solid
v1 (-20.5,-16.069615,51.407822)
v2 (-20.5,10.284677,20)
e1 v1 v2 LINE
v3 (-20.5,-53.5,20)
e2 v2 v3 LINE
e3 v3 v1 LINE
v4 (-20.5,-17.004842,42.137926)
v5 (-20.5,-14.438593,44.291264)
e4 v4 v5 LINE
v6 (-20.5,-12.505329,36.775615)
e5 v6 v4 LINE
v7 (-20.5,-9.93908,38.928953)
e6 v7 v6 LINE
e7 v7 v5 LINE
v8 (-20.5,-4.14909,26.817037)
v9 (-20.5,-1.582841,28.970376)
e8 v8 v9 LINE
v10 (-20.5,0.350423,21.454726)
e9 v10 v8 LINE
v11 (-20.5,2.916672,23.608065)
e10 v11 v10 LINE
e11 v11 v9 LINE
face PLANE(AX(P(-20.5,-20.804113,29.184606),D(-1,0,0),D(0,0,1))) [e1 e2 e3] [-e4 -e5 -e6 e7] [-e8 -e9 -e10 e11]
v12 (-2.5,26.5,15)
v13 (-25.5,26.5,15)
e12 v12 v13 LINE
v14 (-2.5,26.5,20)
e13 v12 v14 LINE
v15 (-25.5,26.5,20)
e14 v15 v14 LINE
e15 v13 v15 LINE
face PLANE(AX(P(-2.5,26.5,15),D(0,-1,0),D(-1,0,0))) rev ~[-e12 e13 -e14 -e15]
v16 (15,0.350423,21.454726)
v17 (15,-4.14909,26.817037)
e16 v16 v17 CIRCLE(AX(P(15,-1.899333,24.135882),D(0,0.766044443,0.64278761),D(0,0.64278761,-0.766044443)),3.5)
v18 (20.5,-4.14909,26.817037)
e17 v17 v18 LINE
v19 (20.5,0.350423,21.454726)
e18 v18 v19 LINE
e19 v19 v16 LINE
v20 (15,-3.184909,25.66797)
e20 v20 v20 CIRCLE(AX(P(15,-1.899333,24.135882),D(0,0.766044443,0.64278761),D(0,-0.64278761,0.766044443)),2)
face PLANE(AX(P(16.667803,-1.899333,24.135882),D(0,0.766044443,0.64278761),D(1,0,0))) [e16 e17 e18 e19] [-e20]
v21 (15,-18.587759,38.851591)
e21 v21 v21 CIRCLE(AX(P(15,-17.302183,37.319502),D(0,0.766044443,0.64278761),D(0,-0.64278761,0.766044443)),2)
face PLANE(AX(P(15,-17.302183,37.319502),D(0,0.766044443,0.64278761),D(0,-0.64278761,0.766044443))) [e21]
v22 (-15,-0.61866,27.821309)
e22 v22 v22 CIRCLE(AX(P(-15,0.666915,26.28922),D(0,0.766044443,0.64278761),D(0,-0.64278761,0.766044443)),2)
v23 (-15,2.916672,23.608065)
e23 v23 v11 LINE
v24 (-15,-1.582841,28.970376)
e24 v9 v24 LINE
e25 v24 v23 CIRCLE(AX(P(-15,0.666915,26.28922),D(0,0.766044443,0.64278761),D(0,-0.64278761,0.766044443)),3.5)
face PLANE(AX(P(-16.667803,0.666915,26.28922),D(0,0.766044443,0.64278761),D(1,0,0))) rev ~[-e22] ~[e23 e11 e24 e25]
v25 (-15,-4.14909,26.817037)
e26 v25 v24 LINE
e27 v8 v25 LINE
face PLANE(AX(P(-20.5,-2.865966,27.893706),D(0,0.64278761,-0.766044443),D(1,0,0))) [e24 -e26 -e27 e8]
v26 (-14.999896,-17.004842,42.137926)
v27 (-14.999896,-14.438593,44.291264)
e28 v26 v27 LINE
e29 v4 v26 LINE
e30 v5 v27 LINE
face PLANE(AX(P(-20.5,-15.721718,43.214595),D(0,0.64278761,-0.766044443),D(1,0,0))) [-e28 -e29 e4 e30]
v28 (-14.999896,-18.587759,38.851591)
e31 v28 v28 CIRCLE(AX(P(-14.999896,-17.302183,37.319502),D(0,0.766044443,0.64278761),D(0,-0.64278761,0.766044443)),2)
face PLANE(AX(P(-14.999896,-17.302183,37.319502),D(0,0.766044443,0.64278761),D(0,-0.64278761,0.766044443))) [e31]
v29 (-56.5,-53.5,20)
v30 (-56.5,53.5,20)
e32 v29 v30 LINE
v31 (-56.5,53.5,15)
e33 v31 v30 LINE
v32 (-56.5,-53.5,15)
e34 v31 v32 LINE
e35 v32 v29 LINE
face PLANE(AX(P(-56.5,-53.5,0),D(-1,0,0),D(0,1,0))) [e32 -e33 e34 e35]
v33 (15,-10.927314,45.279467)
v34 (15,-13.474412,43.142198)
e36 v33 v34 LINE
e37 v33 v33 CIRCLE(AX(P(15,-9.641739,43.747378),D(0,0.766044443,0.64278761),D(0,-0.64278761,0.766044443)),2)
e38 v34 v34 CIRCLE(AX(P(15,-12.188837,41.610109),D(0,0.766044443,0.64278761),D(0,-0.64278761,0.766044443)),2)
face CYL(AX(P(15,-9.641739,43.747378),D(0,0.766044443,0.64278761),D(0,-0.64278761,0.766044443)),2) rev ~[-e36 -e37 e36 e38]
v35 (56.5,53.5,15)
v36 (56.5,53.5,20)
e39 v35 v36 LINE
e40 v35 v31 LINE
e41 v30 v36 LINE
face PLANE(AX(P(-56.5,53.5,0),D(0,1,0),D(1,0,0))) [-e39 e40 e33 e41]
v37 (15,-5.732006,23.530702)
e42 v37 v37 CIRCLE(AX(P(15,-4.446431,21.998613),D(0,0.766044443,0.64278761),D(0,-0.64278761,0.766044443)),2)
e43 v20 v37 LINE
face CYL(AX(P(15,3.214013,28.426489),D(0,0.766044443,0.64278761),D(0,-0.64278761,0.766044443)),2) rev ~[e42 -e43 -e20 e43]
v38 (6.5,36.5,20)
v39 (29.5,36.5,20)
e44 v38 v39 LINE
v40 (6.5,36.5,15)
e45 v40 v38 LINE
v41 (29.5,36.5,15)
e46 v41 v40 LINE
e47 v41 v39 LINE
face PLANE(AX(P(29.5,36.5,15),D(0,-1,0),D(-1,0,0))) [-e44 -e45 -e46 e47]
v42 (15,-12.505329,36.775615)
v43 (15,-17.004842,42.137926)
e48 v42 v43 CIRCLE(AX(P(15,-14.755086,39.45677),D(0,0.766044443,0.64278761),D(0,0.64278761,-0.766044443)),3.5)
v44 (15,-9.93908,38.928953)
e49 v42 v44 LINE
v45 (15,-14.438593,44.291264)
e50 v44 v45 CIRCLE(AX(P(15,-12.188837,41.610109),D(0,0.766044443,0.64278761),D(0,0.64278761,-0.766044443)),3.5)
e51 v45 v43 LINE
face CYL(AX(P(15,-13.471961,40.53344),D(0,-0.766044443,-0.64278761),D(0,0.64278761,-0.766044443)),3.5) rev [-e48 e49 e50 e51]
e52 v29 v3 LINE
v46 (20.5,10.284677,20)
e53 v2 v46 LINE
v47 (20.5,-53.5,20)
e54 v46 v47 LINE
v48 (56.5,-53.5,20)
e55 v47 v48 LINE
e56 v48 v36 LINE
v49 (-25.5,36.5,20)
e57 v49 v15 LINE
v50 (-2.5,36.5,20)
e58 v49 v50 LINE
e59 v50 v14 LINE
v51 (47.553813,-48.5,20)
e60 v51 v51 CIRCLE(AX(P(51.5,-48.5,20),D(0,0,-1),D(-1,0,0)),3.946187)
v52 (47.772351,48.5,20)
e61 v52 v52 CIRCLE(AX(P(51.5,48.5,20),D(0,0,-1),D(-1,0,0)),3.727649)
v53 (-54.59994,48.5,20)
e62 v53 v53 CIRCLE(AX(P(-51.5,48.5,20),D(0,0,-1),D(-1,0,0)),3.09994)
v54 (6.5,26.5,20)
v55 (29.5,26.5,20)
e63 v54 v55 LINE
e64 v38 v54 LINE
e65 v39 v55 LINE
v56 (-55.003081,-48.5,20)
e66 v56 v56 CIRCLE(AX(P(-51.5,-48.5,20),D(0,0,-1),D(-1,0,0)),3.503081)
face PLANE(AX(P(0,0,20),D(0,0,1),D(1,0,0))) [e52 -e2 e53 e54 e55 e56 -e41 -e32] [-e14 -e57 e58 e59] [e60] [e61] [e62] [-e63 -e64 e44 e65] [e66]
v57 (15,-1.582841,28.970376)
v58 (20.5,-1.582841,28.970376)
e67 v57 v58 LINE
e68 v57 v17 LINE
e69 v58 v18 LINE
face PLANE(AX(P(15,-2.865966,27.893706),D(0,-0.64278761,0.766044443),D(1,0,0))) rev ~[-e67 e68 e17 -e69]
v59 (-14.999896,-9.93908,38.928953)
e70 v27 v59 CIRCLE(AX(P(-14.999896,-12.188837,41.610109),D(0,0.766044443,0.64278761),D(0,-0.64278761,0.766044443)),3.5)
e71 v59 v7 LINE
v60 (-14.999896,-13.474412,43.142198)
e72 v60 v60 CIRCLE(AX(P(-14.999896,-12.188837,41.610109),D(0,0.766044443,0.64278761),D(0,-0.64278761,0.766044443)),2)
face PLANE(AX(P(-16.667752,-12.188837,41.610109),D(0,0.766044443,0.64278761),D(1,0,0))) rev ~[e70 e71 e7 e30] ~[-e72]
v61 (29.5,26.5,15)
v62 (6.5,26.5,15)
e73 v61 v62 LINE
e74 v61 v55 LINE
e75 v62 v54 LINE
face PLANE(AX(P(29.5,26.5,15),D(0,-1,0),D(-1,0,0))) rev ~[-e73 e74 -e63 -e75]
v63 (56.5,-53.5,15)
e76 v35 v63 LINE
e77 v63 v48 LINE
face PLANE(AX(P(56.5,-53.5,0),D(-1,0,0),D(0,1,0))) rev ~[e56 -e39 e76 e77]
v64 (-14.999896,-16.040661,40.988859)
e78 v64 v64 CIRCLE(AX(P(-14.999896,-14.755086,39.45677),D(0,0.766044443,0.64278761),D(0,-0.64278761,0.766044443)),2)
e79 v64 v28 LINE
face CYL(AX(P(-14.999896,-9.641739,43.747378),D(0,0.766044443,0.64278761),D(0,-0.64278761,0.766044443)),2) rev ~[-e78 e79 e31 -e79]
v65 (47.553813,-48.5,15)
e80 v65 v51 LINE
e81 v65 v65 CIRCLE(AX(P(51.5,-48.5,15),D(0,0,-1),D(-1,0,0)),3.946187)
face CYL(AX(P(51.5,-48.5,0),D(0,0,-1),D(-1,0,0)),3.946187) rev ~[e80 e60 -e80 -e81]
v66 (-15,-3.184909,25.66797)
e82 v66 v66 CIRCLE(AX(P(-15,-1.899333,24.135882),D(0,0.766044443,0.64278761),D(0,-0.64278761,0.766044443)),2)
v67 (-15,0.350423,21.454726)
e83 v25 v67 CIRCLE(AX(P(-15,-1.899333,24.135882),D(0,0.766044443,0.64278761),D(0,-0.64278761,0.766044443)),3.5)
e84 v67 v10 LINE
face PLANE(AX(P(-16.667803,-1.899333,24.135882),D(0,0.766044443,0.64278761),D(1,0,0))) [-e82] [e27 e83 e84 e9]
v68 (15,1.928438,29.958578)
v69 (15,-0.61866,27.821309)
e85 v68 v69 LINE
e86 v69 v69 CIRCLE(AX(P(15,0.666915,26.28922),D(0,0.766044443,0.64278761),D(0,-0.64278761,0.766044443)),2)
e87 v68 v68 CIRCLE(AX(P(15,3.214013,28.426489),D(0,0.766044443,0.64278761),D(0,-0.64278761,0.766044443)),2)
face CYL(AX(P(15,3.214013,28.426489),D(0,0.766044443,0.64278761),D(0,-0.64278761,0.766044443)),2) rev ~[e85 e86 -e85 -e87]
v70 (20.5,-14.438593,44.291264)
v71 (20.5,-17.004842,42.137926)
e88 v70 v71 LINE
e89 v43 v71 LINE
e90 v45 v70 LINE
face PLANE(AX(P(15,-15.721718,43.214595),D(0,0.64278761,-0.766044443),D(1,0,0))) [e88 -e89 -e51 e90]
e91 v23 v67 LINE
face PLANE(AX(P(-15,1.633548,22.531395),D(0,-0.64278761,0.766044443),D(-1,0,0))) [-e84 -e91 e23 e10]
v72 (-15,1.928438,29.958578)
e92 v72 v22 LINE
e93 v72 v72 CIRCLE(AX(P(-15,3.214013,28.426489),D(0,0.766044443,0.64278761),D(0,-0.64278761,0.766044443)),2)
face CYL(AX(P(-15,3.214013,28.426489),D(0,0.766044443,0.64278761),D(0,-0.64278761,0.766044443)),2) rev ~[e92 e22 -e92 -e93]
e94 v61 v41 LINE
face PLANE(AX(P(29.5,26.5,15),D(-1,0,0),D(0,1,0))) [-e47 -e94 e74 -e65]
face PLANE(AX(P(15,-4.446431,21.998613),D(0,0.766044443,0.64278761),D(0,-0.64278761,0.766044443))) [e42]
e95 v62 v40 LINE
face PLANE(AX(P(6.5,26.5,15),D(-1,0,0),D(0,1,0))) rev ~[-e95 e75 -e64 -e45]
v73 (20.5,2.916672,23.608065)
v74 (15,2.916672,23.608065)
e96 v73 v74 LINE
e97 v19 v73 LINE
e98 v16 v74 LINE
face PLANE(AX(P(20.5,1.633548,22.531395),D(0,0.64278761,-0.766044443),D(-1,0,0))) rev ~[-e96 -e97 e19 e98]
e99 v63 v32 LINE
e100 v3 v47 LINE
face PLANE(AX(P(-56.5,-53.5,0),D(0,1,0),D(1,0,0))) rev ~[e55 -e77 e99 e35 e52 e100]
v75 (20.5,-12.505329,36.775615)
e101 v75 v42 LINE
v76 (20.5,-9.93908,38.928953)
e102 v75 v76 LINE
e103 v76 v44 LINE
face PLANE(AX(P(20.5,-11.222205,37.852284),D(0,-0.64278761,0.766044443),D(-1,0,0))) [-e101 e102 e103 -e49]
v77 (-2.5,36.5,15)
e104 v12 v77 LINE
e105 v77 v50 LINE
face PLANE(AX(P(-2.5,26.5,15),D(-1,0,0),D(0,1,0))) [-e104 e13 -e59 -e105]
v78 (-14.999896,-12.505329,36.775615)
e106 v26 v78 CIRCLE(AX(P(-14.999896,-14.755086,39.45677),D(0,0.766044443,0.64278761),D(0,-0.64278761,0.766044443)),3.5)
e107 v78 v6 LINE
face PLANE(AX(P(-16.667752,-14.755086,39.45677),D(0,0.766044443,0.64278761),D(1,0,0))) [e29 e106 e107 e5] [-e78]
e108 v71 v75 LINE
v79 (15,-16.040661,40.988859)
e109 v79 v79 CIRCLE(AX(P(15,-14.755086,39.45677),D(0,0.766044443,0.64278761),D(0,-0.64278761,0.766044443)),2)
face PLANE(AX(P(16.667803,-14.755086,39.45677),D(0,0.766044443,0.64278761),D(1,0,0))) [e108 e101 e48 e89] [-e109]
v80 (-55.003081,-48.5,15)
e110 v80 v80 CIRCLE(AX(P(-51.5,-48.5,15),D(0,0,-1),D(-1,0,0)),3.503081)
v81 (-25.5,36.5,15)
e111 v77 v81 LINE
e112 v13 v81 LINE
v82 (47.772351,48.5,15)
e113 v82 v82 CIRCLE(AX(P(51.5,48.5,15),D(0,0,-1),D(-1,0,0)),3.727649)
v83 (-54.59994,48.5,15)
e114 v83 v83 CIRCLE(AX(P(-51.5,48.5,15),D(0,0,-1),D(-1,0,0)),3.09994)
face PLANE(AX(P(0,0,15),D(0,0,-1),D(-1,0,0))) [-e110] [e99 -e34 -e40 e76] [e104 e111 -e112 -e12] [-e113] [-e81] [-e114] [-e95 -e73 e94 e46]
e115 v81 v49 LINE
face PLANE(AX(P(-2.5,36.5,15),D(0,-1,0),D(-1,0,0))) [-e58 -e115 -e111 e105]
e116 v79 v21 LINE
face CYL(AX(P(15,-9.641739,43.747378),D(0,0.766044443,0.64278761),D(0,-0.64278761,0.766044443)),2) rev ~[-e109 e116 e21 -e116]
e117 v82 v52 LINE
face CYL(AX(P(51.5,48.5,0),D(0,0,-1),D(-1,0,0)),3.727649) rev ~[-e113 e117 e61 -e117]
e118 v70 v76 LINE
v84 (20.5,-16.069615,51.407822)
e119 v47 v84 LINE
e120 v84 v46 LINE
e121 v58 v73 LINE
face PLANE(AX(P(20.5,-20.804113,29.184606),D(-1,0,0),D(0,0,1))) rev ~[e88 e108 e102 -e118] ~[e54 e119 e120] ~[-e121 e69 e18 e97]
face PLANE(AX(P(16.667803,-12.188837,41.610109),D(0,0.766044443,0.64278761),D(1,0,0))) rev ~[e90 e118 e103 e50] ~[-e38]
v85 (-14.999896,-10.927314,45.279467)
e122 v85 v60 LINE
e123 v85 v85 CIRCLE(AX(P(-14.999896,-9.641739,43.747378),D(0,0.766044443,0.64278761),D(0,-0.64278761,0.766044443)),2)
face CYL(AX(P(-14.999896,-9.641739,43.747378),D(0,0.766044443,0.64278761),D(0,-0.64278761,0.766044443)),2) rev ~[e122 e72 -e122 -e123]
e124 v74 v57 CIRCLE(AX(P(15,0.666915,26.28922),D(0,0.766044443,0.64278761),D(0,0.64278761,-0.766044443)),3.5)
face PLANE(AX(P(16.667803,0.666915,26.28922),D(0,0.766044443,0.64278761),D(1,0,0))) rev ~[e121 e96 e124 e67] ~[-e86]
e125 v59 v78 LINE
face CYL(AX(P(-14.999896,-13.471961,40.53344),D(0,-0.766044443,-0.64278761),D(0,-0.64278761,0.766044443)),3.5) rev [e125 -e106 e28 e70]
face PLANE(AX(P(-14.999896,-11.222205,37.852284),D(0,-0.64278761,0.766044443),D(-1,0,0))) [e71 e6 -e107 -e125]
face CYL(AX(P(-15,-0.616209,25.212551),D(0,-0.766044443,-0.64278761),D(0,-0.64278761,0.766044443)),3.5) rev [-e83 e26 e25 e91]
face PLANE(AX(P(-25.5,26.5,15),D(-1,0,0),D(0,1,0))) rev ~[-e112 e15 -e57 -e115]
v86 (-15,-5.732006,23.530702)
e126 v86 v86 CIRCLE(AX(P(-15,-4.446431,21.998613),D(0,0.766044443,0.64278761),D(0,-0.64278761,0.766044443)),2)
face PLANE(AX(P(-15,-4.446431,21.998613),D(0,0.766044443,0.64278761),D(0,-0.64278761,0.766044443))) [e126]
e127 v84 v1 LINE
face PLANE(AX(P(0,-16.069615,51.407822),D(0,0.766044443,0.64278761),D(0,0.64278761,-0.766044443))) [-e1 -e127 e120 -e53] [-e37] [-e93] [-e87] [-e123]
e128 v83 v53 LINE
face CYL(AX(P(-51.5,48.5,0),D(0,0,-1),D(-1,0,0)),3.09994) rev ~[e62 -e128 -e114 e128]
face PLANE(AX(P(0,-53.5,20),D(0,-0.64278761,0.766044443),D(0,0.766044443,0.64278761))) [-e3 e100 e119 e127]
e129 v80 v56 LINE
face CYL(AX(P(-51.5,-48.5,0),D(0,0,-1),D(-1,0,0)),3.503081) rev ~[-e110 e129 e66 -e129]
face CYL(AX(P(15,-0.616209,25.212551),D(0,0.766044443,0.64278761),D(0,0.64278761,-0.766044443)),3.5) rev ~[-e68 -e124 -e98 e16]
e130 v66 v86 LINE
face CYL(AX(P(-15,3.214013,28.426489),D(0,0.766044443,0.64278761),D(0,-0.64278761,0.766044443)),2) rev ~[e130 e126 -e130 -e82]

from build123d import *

# Parameters (mm, degrees)
SKETCH1_W           = 113
SKETCH1_H           = 107
BOSS_EXTRUDE1_DEPTH = 20
SKETCH2_W           = 93
SKETCH2_H           = 87
CUT_EXTRUDE1_DEPTH  = 15
BOSS_EXTRUDE4_DEPTH = 20.5
SKETCH7_W           = 23
SKETCH7_H           = 10
CUT_EXTRUDE2_DEPTH  = 41
SKETCH10_R          = 3.727648652
SKETCH10_R_2        = 3.099940234
SKETCH10_R_3        = 3.503081025
SKETCH10_R_4        = 3.946186921
CUT_EXTRUDE3_DEPTH  = 94.259123843
SKETCH12_R          = 2
CUT_EXTRUDE5_DEPTH  = 10
CUT_EXTRUDE6_DEPTH  = 1.675
SKETCH15_W          = 118.362800564
SKETCH15_H          = 111.14113597
CUT_EXTRUDE7_DEPTH  = 86.907098164


with BuildPart() as part:
    # Sketch1 → Boss-Extrude1 (new body)
    with BuildSketch(Plane.XY):
        Rectangle(SKETCH1_W, SKETCH1_H)
    extrude(amount=BOSS_EXTRUDE1_DEPTH)

    # Sketch2 → Cut-Extrude1 (cut)
    with BuildSketch(Plane(origin=(0, 0, 0), x_dir=(-1, 0, 0), z_dir=(0, 0, -1))):
        Rectangle(SKETCH2_W, SKETCH2_H)
    extrude(amount=-CUT_EXTRUDE1_DEPTH, mode=Mode.SUBTRACT)

    # Sketch9 → Boss-Extrude4 (add, symmetric)
    with BuildSketch(Plane.ZY):
        Polygon((20, -53.5), (51.407822168, -16.069615096), (20, 10.284676901), align=None)
    extrude(amount=BOSS_EXTRUDE4_DEPTH, both=True)

    # Sketch7 → Cut-Extrude2 (cut)
    with BuildSketch(Plane(origin=(0, 0, 15), x_dir=(-1, 0, 0), z_dir=(0, 0, -1))):
        with Locations((-18, 31.5)):
            Rectangle(SKETCH7_W, SKETCH7_H)
        with Locations((14, 31.5)):
            Rectangle(SKETCH7_W, SKETCH7_H)
    extrude(amount=-CUT_EXTRUDE2_DEPTH, mode=Mode.SUBTRACT)

    # Sketch10 → Cut-Extrude3 (cut, through all)
    with BuildSketch(Plane(origin=(0, 0, 0), x_dir=(-1, 0, 0), z_dir=(0, 0, -1))):
        with Locations((-51.5, 48.5)):
            Circle(SKETCH10_R)
        with Locations((51.5, 48.5)):
            Circle(SKETCH10_R_2)
        with Locations((51.5, -48.5)):
            Circle(SKETCH10_R_3)
        with Locations((-51.5, -48.5)):
            Circle(SKETCH10_R_4)
    extrude(amount=-CUT_EXTRUDE3_DEPTH, mode=Mode.SUBTRACT)

    # Sketch12 → Cut-Extrude5 (cut)
    with BuildSketch(Plane(origin=(0, 15.883373682, 13.327732998), x_dir=(1, 0, 0), z_dir=(0, 0.7660444431189817, 0.6427876096865348))):
        with Locations(Location((-15, -19.710025981, 0), (0, 0, 270))):
            Circle(SKETCH12_R)
        with Locations(Location((15, -19.710025981, 0), (0, 0, 270))):
            Circle(SKETCH12_R)
        with Locations(Location((-14.999896364, -39.710025981, 0), (0, 0, 270))):
            Circle(SKETCH12_R)
        with Locations(Location((15, -39.710025981, 0), (0, 0, 270))):
            Circle(SKETCH12_R)
    extrude(amount=-CUT_EXTRUDE5_DEPTH, mode=Mode.SUBTRACT)

    # Sketch14 → Cut-Extrude6 (cut, symmetric)
    with BuildSketch(Plane(origin=(0, 12.053151466, 10.11379495), x_dir=(1, 0, 0), z_dir=(0, 0.7660444431189817, 0.6427876096865348))):
        with BuildLine():
            Line((-20.5, -16.210025981), (-20.5, -23.210025981))
            Line((-20.5, -23.210025981), (-15, -23.210025981))
            ThreePointArc((-15, -23.210025981), (-11.5, -19.710025981), (-15, -16.210025981))
            Line((-15, -16.210025981), (-20.5, -16.210025981))
        make_face()
        with BuildLine():
            Line((-20.5, -36.210025981), (-20.5, -43.210025981))
            Line((-20.5, -43.210025981), (-14.999896364, -43.210025981))
            ThreePointArc((-14.999896364, -43.210025981), (-11.499896364, -39.710025981), (-14.999896364, -36.210025981))
            Line((-14.999896364, -36.210025981), (-20.5, -36.210025981))
        make_face()
        with BuildLine():
            Line((20.5, -43.210025981), (20.5, -36.210025981))
            Line((20.5, -36.210025981), (15, -36.210025981))
            ThreePointArc((15, -36.210025981), (11.5, -39.710025981), (15, -43.210025981))
            Line((15, -43.210025981), (20.5, -43.210025981))
        make_face()
        with BuildLine():
            Line((20.5, -23.210025981), (20.5, -16.210025981))
            Line((20.5, -16.210025981), (15, -16.210025981))
            ThreePointArc((15, -16.210025981), (11.5, -19.710025981), (15, -23.210025981))
            Line((15, -23.210025981), (20.5, -23.210025981))
        make_face()
    extrude(amount=CUT_EXTRUDE6_DEPTH, both=True, mode=Mode.SUBTRACT)

    # Sketch15 → Cut-Extrude7 (cut, through all)
    with BuildSketch(Plane(origin=(0, 0, 15), x_dir=(-1, 0, 0), z_dir=(0, 0, -1))):
        Rectangle(SKETCH15_W, SKETCH15_H)
    extrude(amount=CUT_EXTRUDE7_DEPTH, mode=Mode.SUBTRACT)


solid = part.part
